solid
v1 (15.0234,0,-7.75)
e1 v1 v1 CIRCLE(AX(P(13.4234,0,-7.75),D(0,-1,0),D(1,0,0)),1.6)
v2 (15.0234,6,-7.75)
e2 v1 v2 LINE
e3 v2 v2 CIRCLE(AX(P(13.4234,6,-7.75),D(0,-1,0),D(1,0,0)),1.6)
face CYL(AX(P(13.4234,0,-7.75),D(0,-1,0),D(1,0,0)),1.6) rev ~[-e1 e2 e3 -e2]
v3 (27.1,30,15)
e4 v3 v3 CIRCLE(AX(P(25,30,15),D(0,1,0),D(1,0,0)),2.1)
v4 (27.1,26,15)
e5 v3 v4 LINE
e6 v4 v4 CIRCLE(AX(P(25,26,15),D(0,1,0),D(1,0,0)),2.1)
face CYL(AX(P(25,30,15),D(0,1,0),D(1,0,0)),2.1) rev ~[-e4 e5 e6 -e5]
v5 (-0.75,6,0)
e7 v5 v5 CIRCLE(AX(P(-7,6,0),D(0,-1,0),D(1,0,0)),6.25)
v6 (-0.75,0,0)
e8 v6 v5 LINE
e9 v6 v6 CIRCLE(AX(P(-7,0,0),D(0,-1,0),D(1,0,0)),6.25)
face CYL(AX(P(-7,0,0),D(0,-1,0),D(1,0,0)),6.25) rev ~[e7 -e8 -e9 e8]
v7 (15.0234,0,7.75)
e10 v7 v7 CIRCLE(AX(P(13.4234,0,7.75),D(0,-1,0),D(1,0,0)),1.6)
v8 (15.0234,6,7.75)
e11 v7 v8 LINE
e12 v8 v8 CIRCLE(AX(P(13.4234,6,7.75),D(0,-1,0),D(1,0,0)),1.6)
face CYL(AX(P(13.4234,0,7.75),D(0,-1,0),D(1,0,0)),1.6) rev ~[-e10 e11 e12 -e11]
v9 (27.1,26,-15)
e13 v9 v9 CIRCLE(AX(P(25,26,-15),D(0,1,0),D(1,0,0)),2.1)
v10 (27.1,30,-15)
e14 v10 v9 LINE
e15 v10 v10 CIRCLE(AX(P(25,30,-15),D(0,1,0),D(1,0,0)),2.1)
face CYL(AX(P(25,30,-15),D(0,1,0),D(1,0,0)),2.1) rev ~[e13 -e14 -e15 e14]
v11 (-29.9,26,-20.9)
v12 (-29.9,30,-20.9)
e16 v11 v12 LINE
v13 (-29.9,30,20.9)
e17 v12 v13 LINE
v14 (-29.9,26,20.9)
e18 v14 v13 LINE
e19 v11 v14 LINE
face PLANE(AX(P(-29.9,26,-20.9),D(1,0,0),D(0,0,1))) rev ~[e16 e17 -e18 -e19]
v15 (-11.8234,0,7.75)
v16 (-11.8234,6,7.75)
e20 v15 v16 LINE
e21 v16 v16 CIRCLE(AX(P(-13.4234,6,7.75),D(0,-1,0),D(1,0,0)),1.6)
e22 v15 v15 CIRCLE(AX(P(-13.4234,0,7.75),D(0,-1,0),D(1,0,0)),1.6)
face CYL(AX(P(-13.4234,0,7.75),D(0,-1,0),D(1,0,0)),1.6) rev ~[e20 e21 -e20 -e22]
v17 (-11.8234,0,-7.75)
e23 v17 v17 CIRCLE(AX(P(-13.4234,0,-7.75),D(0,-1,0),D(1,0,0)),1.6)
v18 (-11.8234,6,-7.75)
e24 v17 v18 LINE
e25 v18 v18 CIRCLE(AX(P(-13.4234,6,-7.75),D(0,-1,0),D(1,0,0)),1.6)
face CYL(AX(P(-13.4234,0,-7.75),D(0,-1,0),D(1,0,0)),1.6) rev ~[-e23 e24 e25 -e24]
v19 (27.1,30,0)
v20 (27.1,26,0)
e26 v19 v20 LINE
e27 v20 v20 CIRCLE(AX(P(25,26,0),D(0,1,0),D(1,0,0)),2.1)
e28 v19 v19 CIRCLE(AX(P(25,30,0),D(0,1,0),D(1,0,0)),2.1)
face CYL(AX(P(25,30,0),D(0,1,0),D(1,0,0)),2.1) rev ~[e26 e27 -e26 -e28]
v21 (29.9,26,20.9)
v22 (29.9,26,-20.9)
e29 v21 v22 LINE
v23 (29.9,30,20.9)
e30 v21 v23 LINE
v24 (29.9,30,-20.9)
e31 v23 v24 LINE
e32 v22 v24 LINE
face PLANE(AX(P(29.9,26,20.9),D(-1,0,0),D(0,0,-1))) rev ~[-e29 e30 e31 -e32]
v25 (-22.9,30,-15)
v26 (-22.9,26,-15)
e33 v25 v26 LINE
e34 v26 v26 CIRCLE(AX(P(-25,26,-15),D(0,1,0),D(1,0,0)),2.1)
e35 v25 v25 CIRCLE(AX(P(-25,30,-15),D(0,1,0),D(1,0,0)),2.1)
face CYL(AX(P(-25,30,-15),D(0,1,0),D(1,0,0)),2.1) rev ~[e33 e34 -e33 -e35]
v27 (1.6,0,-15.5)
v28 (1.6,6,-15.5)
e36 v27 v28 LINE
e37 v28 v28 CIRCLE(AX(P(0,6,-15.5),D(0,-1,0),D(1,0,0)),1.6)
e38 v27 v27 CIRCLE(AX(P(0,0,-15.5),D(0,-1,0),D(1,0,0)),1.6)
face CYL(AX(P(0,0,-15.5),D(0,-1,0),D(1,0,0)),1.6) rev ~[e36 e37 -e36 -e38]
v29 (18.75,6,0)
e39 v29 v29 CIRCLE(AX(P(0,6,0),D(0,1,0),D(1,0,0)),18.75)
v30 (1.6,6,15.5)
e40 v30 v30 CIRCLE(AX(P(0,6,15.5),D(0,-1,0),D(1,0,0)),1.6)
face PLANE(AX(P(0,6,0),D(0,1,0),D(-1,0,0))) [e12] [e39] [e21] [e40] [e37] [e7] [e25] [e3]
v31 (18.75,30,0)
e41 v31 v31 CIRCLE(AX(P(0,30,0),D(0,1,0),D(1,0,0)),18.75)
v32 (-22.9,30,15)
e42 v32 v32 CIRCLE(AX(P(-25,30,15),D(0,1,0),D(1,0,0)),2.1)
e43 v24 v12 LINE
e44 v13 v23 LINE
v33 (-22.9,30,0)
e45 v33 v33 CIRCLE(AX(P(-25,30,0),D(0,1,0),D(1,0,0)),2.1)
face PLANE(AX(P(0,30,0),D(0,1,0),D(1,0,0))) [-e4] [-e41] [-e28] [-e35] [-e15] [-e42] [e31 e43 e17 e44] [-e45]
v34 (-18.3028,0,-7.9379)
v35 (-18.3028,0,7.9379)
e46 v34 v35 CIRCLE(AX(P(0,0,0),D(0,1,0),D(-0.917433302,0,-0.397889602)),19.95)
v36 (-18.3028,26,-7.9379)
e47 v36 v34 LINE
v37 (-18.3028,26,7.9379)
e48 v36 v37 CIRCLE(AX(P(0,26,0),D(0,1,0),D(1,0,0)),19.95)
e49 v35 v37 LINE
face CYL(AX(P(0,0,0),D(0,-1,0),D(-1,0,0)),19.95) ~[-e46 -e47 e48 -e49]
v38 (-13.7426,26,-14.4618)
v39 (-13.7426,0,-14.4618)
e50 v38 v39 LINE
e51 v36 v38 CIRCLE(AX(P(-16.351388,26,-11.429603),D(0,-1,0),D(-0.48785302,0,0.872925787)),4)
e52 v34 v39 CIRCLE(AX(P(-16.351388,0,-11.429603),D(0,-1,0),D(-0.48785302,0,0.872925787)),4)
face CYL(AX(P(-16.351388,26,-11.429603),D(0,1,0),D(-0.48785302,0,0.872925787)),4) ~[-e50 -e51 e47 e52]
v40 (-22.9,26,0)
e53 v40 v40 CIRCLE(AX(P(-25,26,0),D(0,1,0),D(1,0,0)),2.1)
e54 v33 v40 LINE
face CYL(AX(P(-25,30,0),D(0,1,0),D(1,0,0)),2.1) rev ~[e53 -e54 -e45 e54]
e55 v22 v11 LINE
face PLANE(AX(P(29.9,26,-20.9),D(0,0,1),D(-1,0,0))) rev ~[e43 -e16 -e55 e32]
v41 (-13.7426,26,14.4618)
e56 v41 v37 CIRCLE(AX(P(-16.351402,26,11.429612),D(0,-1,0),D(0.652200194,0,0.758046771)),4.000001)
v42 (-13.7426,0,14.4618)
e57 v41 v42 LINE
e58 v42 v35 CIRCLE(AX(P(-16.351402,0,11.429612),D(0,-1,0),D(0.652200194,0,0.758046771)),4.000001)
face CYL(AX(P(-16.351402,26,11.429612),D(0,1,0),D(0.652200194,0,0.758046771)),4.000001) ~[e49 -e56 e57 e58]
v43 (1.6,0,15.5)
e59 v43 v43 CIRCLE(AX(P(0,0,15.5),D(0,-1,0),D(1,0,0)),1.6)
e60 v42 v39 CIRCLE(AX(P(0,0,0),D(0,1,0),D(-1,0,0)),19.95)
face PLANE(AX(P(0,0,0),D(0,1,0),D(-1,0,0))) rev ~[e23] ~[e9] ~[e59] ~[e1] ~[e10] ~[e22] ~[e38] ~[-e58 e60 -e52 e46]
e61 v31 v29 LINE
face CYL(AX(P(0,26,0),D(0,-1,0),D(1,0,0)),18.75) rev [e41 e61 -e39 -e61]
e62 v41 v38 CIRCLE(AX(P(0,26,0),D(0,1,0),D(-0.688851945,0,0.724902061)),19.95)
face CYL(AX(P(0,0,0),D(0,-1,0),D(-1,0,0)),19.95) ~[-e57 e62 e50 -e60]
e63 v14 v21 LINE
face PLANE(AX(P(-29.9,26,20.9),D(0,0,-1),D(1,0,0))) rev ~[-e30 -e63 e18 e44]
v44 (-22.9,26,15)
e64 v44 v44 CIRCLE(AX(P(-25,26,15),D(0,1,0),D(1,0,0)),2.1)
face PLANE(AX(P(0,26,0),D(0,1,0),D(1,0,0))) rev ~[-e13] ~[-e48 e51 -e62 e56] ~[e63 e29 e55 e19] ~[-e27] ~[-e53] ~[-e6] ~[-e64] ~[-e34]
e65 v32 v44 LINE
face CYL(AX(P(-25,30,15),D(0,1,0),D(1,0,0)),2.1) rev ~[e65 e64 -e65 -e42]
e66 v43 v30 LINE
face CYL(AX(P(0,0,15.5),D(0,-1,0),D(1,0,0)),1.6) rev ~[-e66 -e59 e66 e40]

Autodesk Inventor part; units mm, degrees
ref_plane "YZ Plane" through (0, 0, 0) normal (1, 0, 0) x (0, 1, 0)
ref_plane "XZ Plane" through (0, 0, 0) normal (0, 1, 0) x (-1, 0, 0)
ref_plane "XY Plane" through (0, 0, 0) normal (0, 0, 1) x (1, 0, 0)
sketch "Sketch1" plane through (0, 0, 0) normal (0, 1, 0) x (-1, 0, 0)
  circle A0 centre (0, 0) radius 19.95
  dimension "d0" = 39.9
extrude "Extrusion1" add sketch "Sketch1" along normal blind 6
sketch "Sketch2" plane through (0, 6, 0) normal (0, 1, 0) x (1, 0, 0)
  circle A0 centre (0, 0) radius 19.95
  circle A1 centre (0, 0) radius 18.75
  dimension "d3" = 37.5
  dimension "d4" = 39.9
extrude "Extrusion2" add sketch "Sketch2" along normal blind 20
sketch "Sketch3" plane through (0, 0, 0) normal (0, -1, 0) x (1, 0, 0)
  circle A0 centre (-7, 0) radius 6.25
  circle A1 centre (0, -15.5) radius 1.6
  circle A2 centre (13.4234, -7.75) radius 1.6
  circle A3 centre (13.4234, 7.75) radius 1.6
  circle A4 centre (0, 15.5) radius 1.6
  circle A5 centre (-13.4234, 7.75) radius 1.6
  circle A6 centre (-13.4234, -7.75) radius 1.6
  point P0 (0, 0)
  dimension "d7" = 0
  dimension "d8" = 7
  dimension "d9" = 12.5
  dimension "d10" = 3.2
  dimension "d11" = 0
  dimension "d12" = 15.5
  dimension "d15" = 360
extrude "Extrusion3" cut sketch "Sketch3" against normal up to next
sketch "Sketch4" plane through (0, 26, 0) normal (0, 1, 0) x (1, 0, 0)
  circle A0 centre (0, 0) radius 18.75 projected
  line L0 (-29.9, -20.9) -> (29.9, -20.9)
  line L1 (29.9, -20.9) -> (29.9, 20.9)
  line L2 (29.9, 20.9) -> (-29.9, 20.9)
  line L3 (-29.9, 20.9) -> (-29.9, -20.9)
  line L4 (-29.9, -20.9) -> (29.9, 20.9) construction
  line L5 (29.9, -20.9) -> (-29.9, 20.9) construction
  dimension "d19" = 59.8
  dimension "d20" = 41.8
extrude "Extrusion4" add sketch "Sketch4" along normal blind 4
sketch "Sketch5" plane through (0, 30, 0) normal (0, 1, 0) x (1, 0, 0)
  line L0 (29.9, -20.9) -> (29.9, 20.9) projected
  line L1 (-29.9, 20.9) -> (-29.9, -20.9) projected
  circle A0 centre (25, 15) radius 2.1
  circle A1 centre (25, 0) radius 2.1
  circle A2 centre (25, -15) radius 2.1
  circle A3 centre (-25, 15) radius 2.1
  circle A4 centre (-25, 0) radius 2.1
  circle A5 centre (-25, -15) radius 2.1
  point P0 (0, 0)
  dimension "d23" = 0
  dimension "d24" = 25
  dimension "d25" = 15
  dimension "d26" = 25
  dimension "d27" = 25
  dimension "d28" = 15
  dimension "d29" = 4.2
  dimension "d30" = 4.2
  dimension "d31" = 4.2
  dimension "d33" = 0
  dimension "d34" = 15
  dimension "d35" = 15
  dimension "d36" = 25
  dimension "d37" = 25
  dimension "d38" = 25
  dimension "d39" = 4.2
  dimension "d40" = 4.2
  dimension "d41" = 4.2
extrude "Extrusion5" cut sketch "Sketch5" against normal up to next
sketch "Sketch7" plane through (0, 26, 0) normal (0, -1, 0) x (1, 0, 0)
  line L0 (29.9, -20.9) -> (-29.9, -20.9) projected
  line L1 (14.3023, -9.9973) -> (16.3514, -11.4296)
  line L2 (-29.9, 20.9) -> (29.9, 20.9) projected
  line L3 (14.3023, 9.9973) -> (16.3514, 11.4296)
  circle A0 centre (0, 0) radius 19.95 projected
  arc A1 (18.3028, 7.9379) -> (13.7426, 14.4618) centre (16.3514, 11.4296) ccw
  arc A2 (13.7426, -14.4618) -> (18.3028, -7.9379) centre (16.3514, -11.4296) ccw
  arc A3 (-13.7426, 14.4618) -> (-18.3028, 7.9379) centre (-16.3514, 11.4296) ccw
  arc A4 (-18.3028, -7.9379) -> (-13.7426, -14.4618) centre (-16.3514, -11.4296) ccw
  line L4 (-16.3514, 11.4296) -> (-14.3023, 9.9973)
  line L5 (-14.3023, -9.9973) -> (-16.3514, -11.4296)
  dimension "d48" = 8
  dimension "d49" = 8
  dimension "d50" = 8
  dimension "d51" = 8
  dimension "d52" = 32.7028
  dimension "d53" = 32.7028
  dimension "d54" = 22.8591
extrude "Extrusion8" add sketch "Sketch7" along normal blind 26 contours A0 A3 | A4 A0
properties part number "motorHolder57mmVer2" material "ABS Plastic"
